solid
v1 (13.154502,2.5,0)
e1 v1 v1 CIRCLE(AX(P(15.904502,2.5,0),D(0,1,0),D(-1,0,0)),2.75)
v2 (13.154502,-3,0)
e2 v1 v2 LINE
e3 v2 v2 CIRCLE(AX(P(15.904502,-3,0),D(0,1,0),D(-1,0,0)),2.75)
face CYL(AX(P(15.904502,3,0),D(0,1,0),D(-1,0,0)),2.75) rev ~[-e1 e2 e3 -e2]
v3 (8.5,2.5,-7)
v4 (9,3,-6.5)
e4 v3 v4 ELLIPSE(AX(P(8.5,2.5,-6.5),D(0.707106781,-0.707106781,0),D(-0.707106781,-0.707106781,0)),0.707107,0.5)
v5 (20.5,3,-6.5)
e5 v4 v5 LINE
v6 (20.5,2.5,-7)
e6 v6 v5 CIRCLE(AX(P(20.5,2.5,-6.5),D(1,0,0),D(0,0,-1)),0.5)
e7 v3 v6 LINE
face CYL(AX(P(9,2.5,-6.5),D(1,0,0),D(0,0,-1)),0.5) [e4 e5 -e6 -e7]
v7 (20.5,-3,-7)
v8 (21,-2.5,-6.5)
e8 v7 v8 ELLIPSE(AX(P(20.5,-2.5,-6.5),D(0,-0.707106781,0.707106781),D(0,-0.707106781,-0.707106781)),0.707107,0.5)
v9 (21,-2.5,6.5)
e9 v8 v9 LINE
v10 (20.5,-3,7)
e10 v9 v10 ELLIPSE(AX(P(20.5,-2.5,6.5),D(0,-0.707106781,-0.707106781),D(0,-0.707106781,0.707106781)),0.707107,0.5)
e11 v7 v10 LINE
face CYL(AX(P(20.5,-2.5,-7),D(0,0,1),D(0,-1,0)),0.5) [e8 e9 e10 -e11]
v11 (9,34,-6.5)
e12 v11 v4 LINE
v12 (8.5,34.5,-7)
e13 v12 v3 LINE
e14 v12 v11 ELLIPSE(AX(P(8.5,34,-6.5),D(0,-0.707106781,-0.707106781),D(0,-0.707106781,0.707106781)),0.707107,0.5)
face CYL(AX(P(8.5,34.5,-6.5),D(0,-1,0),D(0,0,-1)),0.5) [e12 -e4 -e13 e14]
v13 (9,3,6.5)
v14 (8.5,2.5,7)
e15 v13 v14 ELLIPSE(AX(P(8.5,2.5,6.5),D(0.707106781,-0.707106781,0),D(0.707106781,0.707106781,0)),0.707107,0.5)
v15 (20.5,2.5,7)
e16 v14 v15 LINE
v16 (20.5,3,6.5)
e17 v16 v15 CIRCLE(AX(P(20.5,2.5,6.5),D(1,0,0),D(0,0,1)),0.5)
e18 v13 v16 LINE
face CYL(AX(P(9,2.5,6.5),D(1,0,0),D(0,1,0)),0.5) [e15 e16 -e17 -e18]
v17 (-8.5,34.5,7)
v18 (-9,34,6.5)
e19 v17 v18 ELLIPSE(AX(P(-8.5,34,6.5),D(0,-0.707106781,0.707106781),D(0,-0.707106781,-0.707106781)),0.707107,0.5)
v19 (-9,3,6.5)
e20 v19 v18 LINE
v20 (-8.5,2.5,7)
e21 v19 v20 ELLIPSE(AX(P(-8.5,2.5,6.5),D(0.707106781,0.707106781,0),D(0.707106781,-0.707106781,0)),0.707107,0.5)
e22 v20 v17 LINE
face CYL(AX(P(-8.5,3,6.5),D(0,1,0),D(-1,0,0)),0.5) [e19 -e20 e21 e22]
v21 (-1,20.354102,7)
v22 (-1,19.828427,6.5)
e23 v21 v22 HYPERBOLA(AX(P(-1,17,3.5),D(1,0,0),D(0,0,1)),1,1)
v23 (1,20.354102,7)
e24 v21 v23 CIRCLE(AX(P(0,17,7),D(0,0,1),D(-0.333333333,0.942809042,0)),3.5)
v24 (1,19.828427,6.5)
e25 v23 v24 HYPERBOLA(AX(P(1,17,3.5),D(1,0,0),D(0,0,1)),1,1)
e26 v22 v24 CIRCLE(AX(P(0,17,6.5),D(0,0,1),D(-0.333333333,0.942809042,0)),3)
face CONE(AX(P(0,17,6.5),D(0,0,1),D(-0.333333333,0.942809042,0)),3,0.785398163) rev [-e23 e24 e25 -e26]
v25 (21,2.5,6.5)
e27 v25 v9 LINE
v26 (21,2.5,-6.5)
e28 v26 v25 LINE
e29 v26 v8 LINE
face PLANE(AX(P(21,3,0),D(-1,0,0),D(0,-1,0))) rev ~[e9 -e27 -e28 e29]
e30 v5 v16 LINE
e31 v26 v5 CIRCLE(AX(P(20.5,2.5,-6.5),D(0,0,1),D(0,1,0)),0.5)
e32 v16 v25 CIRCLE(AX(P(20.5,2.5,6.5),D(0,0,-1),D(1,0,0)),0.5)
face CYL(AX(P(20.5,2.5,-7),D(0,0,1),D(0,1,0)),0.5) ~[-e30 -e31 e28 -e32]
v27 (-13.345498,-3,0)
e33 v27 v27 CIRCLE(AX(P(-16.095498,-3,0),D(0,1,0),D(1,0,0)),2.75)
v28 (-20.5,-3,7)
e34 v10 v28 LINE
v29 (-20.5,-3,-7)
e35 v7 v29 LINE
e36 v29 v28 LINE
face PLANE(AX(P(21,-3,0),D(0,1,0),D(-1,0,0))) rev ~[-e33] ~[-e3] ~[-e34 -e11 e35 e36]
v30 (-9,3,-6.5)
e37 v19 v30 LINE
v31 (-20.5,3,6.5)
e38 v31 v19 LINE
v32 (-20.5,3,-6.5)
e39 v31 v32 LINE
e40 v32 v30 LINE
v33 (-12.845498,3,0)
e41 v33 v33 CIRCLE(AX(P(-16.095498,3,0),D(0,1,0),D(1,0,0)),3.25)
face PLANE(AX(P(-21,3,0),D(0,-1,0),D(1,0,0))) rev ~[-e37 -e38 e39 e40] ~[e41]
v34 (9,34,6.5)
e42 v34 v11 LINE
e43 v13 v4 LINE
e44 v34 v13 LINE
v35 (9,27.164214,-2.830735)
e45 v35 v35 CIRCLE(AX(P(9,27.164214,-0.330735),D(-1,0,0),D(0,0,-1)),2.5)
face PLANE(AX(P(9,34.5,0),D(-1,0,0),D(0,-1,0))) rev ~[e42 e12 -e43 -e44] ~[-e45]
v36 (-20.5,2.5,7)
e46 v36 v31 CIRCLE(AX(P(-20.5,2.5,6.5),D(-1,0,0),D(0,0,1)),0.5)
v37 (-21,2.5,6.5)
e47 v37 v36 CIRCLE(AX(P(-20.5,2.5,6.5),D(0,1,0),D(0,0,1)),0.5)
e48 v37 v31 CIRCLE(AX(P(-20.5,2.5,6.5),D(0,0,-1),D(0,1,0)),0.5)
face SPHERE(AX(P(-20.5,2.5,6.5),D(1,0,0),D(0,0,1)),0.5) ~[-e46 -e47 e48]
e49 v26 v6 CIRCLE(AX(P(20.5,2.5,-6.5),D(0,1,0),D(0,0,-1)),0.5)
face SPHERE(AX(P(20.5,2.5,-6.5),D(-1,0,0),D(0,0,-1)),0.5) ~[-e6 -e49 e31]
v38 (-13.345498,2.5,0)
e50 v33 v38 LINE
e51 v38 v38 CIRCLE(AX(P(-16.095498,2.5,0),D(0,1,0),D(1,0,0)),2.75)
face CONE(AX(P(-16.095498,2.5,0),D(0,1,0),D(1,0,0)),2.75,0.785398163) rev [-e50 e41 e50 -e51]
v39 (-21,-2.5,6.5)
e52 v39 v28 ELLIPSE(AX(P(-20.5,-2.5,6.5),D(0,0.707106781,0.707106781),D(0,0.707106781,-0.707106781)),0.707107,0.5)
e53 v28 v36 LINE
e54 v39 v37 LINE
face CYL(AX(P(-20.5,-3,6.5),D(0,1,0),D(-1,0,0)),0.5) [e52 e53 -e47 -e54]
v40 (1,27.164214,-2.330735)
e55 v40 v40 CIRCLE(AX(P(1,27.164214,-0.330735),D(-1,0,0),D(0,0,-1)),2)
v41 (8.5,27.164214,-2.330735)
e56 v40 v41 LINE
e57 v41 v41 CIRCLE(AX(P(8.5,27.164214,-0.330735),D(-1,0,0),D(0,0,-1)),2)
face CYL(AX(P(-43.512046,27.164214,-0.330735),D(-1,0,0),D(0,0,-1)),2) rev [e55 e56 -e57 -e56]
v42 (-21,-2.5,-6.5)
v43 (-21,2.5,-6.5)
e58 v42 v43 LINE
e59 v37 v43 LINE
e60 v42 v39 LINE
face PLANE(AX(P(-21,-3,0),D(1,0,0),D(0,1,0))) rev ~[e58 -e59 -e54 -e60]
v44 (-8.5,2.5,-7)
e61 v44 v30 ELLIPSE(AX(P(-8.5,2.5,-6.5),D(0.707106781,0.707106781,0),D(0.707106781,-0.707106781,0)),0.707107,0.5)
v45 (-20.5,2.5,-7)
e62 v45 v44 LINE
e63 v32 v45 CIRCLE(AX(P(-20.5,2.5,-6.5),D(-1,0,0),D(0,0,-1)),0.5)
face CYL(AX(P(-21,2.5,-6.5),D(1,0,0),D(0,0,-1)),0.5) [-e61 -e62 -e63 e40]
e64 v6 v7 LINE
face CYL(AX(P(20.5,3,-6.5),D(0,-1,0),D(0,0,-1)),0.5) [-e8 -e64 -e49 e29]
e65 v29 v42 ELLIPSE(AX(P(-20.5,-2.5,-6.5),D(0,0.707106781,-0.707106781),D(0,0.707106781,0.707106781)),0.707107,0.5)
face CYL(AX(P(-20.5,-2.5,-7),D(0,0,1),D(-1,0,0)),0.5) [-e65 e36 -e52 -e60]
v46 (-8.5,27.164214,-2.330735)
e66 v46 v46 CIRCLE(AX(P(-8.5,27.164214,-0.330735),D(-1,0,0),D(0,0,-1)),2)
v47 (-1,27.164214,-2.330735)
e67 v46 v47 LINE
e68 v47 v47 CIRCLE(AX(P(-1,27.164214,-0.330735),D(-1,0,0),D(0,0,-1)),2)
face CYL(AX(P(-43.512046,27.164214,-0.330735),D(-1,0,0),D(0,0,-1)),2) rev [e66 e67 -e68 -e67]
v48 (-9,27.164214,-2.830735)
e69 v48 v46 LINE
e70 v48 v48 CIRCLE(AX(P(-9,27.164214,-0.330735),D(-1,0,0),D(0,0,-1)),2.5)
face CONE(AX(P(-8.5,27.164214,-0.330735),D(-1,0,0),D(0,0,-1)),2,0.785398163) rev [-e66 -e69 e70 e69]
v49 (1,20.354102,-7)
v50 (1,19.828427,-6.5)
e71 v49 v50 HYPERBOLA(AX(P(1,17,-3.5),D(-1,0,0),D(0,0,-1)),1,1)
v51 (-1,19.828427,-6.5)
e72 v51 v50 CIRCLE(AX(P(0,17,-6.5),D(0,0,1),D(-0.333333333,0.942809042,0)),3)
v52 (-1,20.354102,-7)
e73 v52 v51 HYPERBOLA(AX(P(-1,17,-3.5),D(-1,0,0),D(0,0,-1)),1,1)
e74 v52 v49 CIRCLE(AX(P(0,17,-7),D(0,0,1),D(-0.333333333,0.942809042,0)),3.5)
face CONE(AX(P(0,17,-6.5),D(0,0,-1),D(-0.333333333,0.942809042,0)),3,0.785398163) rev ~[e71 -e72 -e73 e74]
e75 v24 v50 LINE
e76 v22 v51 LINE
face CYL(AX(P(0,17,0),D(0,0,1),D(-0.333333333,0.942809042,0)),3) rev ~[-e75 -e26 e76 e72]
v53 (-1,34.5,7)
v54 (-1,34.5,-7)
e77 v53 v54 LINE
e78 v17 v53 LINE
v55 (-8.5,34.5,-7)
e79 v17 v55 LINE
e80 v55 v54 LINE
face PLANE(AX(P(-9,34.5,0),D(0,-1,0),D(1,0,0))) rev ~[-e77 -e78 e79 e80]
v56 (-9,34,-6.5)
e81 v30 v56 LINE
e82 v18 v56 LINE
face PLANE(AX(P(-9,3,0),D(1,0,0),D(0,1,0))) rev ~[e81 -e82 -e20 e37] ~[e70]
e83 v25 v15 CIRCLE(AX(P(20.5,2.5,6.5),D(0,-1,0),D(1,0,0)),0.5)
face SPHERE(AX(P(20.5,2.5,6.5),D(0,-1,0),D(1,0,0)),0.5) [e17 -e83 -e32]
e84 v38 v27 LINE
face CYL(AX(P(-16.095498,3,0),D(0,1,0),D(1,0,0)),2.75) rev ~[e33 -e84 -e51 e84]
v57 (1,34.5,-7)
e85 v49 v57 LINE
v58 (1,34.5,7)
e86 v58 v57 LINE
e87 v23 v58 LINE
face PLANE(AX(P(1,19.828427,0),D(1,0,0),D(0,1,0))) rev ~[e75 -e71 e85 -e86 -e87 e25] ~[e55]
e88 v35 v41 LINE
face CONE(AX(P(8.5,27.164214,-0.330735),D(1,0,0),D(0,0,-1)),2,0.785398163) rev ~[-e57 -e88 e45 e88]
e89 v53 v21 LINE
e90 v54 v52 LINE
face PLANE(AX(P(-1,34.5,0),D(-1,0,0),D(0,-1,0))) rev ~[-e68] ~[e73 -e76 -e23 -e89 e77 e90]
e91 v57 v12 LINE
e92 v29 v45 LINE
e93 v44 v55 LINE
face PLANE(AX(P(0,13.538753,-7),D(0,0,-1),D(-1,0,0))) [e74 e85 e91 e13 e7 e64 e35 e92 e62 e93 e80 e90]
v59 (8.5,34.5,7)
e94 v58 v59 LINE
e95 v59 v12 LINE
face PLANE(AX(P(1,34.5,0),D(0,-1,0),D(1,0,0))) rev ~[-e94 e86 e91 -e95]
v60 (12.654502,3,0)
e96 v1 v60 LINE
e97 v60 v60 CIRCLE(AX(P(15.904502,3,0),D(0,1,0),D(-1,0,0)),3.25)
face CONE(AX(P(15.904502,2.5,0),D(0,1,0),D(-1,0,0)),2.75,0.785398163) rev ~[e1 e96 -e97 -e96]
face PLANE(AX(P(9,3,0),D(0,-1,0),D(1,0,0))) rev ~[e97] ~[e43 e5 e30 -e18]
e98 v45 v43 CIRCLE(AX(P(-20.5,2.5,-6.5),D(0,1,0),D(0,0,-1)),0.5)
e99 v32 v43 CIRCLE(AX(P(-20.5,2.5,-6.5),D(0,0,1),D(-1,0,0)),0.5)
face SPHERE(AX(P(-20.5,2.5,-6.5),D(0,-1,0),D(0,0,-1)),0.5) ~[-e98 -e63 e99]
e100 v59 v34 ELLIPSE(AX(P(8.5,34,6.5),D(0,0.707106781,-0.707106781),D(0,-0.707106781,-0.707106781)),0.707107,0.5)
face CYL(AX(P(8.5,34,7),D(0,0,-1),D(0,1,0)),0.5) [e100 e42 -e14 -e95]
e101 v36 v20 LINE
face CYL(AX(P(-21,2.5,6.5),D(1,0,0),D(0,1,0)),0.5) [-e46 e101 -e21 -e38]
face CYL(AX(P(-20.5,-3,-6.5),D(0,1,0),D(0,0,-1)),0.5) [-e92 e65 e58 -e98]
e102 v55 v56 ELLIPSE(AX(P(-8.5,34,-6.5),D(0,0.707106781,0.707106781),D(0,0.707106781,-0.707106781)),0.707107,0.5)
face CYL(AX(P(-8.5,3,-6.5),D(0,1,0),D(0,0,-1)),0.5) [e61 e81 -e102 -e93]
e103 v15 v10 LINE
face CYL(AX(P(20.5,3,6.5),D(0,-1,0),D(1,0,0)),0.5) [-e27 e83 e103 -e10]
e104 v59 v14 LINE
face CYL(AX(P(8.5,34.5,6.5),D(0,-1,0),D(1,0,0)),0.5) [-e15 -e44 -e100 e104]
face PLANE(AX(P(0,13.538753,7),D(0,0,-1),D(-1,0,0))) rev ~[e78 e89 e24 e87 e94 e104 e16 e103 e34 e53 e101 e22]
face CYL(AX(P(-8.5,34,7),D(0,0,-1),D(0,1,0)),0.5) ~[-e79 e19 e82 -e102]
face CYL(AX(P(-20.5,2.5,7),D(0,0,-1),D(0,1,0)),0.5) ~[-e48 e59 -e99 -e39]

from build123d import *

# Parameters (mm, degrees)
BOSS_EXTRUDE1_DEPTH     = 7
SKETCH2_R               = 2.75
CUT_EXTRUDE1_DEPTH      = 39.5
CUT_EXTRUDE2_DEPTH      = 42.512046444
CUT_EXTRUDE2_DEPTH_BACK = 42.512046444
SKETCH5_R               = 2
CHAMFER2_SIZE           = 0.5
FILLET2_R               = 0.5


with BuildPart() as part:
    # Sketch1 → Boss-Extrude1 (new, symmetric)
    with BuildSketch(Plane.XY):
        with BuildLine():
            Line((-21, -3), (-21, 3))
            Line((-21, 3), (-9, 3))
            Line((-9, 3), (-9, 34.5))
            Line((-9, 34.5), (-1, 34.5))
            Line((-1, 34.5), (-1, 19.828427125))
            ThreePointArc((-1, 19.828427125), (0, 14), (1, 19.828427125))
            Line((1, 19.828427125), (1, 34.5))
            Line((1, 34.5), (9, 34.5))
            Line((9, 34.5), (9, 3))
            Line((9, 3), (21, 3))
            Line((21, 3), (21, -3))
            Line((21, -3), (-21, -3))
        make_face()
    extrude(amount=BOSS_EXTRUDE1_DEPTH, both=True)

    # Sketch2 → Cut-Extrude1 (cut, through all)
    with BuildSketch(Plane(origin=(0, 3, 0), x_dir=(1, 0, 0), z_dir=(0, 1, 0))):
        with Locations(Location((15.904501915, 0, 0), (0, 0, 180))):
            Circle(SKETCH2_R)
        with Locations((-16.095498085, 0)):
            Circle(SKETCH2_R)
    extrude(amount=-CUT_EXTRUDE1_DEPTH, mode=Mode.SUBTRACT)

    # Sketch5 → Cut-Extrude2 (cut, two sides: drawn at the far end of the back side and taken through both)
    with BuildSketch(Plane(origin=(-1, 0, 0), x_dir=(0, 0, -1), z_dir=(1, 0, 0)).offset(-CUT_EXTRUDE2_DEPTH_BACK)):
        with Locations((0.330734984, 27.164213562)):
            Circle(SKETCH5_R)
    extrude(amount=CUT_EXTRUDE2_DEPTH + CUT_EXTRUDE2_DEPTH_BACK, mode=Mode.SUBTRACT)

    # Chamfer2
    chamfer2_edges = [part.edges().sort_by_distance(p)[0] for p in [
        (0, 14, -7),
        (0, 14, 7),
        (18.654501915, 3, 0),
        (-18.845498085, 3, 0),
        (-9, 27.164213562, 1.669265016),
        (9, 27.164213562, 1.669265016),
    ]]
    chamfer(chamfer2_edges, length=CHAMFER2_SIZE)

    # Fillet2
    fillet2_edges = [part.edges().sort_by_distance(p)[0] for p in [
        (-15, 3, 7),
        (9, 18.75, -7),
        (15, 3, -7),
        (-21, 0, 7),
        (21, 0, -7),
        (-21, 0, -7),
        (-15, 3, -7),
        (-9, 18.75, -7),
        (21, 0, 7),
        (9, 34.5, 0),
        (21, 3, 0),
        (21, -3, 0),
        (-21, -3, 0),
        (-21, 3, 0),
        (-9, 34.5, 0),
        (15, 3, 7),
        (9, 18.75, 7),
        (-9, 18.75, 7),
    ]]
    fillet(fillet2_edges, radius=FILLET2_R)


solid = part.part
